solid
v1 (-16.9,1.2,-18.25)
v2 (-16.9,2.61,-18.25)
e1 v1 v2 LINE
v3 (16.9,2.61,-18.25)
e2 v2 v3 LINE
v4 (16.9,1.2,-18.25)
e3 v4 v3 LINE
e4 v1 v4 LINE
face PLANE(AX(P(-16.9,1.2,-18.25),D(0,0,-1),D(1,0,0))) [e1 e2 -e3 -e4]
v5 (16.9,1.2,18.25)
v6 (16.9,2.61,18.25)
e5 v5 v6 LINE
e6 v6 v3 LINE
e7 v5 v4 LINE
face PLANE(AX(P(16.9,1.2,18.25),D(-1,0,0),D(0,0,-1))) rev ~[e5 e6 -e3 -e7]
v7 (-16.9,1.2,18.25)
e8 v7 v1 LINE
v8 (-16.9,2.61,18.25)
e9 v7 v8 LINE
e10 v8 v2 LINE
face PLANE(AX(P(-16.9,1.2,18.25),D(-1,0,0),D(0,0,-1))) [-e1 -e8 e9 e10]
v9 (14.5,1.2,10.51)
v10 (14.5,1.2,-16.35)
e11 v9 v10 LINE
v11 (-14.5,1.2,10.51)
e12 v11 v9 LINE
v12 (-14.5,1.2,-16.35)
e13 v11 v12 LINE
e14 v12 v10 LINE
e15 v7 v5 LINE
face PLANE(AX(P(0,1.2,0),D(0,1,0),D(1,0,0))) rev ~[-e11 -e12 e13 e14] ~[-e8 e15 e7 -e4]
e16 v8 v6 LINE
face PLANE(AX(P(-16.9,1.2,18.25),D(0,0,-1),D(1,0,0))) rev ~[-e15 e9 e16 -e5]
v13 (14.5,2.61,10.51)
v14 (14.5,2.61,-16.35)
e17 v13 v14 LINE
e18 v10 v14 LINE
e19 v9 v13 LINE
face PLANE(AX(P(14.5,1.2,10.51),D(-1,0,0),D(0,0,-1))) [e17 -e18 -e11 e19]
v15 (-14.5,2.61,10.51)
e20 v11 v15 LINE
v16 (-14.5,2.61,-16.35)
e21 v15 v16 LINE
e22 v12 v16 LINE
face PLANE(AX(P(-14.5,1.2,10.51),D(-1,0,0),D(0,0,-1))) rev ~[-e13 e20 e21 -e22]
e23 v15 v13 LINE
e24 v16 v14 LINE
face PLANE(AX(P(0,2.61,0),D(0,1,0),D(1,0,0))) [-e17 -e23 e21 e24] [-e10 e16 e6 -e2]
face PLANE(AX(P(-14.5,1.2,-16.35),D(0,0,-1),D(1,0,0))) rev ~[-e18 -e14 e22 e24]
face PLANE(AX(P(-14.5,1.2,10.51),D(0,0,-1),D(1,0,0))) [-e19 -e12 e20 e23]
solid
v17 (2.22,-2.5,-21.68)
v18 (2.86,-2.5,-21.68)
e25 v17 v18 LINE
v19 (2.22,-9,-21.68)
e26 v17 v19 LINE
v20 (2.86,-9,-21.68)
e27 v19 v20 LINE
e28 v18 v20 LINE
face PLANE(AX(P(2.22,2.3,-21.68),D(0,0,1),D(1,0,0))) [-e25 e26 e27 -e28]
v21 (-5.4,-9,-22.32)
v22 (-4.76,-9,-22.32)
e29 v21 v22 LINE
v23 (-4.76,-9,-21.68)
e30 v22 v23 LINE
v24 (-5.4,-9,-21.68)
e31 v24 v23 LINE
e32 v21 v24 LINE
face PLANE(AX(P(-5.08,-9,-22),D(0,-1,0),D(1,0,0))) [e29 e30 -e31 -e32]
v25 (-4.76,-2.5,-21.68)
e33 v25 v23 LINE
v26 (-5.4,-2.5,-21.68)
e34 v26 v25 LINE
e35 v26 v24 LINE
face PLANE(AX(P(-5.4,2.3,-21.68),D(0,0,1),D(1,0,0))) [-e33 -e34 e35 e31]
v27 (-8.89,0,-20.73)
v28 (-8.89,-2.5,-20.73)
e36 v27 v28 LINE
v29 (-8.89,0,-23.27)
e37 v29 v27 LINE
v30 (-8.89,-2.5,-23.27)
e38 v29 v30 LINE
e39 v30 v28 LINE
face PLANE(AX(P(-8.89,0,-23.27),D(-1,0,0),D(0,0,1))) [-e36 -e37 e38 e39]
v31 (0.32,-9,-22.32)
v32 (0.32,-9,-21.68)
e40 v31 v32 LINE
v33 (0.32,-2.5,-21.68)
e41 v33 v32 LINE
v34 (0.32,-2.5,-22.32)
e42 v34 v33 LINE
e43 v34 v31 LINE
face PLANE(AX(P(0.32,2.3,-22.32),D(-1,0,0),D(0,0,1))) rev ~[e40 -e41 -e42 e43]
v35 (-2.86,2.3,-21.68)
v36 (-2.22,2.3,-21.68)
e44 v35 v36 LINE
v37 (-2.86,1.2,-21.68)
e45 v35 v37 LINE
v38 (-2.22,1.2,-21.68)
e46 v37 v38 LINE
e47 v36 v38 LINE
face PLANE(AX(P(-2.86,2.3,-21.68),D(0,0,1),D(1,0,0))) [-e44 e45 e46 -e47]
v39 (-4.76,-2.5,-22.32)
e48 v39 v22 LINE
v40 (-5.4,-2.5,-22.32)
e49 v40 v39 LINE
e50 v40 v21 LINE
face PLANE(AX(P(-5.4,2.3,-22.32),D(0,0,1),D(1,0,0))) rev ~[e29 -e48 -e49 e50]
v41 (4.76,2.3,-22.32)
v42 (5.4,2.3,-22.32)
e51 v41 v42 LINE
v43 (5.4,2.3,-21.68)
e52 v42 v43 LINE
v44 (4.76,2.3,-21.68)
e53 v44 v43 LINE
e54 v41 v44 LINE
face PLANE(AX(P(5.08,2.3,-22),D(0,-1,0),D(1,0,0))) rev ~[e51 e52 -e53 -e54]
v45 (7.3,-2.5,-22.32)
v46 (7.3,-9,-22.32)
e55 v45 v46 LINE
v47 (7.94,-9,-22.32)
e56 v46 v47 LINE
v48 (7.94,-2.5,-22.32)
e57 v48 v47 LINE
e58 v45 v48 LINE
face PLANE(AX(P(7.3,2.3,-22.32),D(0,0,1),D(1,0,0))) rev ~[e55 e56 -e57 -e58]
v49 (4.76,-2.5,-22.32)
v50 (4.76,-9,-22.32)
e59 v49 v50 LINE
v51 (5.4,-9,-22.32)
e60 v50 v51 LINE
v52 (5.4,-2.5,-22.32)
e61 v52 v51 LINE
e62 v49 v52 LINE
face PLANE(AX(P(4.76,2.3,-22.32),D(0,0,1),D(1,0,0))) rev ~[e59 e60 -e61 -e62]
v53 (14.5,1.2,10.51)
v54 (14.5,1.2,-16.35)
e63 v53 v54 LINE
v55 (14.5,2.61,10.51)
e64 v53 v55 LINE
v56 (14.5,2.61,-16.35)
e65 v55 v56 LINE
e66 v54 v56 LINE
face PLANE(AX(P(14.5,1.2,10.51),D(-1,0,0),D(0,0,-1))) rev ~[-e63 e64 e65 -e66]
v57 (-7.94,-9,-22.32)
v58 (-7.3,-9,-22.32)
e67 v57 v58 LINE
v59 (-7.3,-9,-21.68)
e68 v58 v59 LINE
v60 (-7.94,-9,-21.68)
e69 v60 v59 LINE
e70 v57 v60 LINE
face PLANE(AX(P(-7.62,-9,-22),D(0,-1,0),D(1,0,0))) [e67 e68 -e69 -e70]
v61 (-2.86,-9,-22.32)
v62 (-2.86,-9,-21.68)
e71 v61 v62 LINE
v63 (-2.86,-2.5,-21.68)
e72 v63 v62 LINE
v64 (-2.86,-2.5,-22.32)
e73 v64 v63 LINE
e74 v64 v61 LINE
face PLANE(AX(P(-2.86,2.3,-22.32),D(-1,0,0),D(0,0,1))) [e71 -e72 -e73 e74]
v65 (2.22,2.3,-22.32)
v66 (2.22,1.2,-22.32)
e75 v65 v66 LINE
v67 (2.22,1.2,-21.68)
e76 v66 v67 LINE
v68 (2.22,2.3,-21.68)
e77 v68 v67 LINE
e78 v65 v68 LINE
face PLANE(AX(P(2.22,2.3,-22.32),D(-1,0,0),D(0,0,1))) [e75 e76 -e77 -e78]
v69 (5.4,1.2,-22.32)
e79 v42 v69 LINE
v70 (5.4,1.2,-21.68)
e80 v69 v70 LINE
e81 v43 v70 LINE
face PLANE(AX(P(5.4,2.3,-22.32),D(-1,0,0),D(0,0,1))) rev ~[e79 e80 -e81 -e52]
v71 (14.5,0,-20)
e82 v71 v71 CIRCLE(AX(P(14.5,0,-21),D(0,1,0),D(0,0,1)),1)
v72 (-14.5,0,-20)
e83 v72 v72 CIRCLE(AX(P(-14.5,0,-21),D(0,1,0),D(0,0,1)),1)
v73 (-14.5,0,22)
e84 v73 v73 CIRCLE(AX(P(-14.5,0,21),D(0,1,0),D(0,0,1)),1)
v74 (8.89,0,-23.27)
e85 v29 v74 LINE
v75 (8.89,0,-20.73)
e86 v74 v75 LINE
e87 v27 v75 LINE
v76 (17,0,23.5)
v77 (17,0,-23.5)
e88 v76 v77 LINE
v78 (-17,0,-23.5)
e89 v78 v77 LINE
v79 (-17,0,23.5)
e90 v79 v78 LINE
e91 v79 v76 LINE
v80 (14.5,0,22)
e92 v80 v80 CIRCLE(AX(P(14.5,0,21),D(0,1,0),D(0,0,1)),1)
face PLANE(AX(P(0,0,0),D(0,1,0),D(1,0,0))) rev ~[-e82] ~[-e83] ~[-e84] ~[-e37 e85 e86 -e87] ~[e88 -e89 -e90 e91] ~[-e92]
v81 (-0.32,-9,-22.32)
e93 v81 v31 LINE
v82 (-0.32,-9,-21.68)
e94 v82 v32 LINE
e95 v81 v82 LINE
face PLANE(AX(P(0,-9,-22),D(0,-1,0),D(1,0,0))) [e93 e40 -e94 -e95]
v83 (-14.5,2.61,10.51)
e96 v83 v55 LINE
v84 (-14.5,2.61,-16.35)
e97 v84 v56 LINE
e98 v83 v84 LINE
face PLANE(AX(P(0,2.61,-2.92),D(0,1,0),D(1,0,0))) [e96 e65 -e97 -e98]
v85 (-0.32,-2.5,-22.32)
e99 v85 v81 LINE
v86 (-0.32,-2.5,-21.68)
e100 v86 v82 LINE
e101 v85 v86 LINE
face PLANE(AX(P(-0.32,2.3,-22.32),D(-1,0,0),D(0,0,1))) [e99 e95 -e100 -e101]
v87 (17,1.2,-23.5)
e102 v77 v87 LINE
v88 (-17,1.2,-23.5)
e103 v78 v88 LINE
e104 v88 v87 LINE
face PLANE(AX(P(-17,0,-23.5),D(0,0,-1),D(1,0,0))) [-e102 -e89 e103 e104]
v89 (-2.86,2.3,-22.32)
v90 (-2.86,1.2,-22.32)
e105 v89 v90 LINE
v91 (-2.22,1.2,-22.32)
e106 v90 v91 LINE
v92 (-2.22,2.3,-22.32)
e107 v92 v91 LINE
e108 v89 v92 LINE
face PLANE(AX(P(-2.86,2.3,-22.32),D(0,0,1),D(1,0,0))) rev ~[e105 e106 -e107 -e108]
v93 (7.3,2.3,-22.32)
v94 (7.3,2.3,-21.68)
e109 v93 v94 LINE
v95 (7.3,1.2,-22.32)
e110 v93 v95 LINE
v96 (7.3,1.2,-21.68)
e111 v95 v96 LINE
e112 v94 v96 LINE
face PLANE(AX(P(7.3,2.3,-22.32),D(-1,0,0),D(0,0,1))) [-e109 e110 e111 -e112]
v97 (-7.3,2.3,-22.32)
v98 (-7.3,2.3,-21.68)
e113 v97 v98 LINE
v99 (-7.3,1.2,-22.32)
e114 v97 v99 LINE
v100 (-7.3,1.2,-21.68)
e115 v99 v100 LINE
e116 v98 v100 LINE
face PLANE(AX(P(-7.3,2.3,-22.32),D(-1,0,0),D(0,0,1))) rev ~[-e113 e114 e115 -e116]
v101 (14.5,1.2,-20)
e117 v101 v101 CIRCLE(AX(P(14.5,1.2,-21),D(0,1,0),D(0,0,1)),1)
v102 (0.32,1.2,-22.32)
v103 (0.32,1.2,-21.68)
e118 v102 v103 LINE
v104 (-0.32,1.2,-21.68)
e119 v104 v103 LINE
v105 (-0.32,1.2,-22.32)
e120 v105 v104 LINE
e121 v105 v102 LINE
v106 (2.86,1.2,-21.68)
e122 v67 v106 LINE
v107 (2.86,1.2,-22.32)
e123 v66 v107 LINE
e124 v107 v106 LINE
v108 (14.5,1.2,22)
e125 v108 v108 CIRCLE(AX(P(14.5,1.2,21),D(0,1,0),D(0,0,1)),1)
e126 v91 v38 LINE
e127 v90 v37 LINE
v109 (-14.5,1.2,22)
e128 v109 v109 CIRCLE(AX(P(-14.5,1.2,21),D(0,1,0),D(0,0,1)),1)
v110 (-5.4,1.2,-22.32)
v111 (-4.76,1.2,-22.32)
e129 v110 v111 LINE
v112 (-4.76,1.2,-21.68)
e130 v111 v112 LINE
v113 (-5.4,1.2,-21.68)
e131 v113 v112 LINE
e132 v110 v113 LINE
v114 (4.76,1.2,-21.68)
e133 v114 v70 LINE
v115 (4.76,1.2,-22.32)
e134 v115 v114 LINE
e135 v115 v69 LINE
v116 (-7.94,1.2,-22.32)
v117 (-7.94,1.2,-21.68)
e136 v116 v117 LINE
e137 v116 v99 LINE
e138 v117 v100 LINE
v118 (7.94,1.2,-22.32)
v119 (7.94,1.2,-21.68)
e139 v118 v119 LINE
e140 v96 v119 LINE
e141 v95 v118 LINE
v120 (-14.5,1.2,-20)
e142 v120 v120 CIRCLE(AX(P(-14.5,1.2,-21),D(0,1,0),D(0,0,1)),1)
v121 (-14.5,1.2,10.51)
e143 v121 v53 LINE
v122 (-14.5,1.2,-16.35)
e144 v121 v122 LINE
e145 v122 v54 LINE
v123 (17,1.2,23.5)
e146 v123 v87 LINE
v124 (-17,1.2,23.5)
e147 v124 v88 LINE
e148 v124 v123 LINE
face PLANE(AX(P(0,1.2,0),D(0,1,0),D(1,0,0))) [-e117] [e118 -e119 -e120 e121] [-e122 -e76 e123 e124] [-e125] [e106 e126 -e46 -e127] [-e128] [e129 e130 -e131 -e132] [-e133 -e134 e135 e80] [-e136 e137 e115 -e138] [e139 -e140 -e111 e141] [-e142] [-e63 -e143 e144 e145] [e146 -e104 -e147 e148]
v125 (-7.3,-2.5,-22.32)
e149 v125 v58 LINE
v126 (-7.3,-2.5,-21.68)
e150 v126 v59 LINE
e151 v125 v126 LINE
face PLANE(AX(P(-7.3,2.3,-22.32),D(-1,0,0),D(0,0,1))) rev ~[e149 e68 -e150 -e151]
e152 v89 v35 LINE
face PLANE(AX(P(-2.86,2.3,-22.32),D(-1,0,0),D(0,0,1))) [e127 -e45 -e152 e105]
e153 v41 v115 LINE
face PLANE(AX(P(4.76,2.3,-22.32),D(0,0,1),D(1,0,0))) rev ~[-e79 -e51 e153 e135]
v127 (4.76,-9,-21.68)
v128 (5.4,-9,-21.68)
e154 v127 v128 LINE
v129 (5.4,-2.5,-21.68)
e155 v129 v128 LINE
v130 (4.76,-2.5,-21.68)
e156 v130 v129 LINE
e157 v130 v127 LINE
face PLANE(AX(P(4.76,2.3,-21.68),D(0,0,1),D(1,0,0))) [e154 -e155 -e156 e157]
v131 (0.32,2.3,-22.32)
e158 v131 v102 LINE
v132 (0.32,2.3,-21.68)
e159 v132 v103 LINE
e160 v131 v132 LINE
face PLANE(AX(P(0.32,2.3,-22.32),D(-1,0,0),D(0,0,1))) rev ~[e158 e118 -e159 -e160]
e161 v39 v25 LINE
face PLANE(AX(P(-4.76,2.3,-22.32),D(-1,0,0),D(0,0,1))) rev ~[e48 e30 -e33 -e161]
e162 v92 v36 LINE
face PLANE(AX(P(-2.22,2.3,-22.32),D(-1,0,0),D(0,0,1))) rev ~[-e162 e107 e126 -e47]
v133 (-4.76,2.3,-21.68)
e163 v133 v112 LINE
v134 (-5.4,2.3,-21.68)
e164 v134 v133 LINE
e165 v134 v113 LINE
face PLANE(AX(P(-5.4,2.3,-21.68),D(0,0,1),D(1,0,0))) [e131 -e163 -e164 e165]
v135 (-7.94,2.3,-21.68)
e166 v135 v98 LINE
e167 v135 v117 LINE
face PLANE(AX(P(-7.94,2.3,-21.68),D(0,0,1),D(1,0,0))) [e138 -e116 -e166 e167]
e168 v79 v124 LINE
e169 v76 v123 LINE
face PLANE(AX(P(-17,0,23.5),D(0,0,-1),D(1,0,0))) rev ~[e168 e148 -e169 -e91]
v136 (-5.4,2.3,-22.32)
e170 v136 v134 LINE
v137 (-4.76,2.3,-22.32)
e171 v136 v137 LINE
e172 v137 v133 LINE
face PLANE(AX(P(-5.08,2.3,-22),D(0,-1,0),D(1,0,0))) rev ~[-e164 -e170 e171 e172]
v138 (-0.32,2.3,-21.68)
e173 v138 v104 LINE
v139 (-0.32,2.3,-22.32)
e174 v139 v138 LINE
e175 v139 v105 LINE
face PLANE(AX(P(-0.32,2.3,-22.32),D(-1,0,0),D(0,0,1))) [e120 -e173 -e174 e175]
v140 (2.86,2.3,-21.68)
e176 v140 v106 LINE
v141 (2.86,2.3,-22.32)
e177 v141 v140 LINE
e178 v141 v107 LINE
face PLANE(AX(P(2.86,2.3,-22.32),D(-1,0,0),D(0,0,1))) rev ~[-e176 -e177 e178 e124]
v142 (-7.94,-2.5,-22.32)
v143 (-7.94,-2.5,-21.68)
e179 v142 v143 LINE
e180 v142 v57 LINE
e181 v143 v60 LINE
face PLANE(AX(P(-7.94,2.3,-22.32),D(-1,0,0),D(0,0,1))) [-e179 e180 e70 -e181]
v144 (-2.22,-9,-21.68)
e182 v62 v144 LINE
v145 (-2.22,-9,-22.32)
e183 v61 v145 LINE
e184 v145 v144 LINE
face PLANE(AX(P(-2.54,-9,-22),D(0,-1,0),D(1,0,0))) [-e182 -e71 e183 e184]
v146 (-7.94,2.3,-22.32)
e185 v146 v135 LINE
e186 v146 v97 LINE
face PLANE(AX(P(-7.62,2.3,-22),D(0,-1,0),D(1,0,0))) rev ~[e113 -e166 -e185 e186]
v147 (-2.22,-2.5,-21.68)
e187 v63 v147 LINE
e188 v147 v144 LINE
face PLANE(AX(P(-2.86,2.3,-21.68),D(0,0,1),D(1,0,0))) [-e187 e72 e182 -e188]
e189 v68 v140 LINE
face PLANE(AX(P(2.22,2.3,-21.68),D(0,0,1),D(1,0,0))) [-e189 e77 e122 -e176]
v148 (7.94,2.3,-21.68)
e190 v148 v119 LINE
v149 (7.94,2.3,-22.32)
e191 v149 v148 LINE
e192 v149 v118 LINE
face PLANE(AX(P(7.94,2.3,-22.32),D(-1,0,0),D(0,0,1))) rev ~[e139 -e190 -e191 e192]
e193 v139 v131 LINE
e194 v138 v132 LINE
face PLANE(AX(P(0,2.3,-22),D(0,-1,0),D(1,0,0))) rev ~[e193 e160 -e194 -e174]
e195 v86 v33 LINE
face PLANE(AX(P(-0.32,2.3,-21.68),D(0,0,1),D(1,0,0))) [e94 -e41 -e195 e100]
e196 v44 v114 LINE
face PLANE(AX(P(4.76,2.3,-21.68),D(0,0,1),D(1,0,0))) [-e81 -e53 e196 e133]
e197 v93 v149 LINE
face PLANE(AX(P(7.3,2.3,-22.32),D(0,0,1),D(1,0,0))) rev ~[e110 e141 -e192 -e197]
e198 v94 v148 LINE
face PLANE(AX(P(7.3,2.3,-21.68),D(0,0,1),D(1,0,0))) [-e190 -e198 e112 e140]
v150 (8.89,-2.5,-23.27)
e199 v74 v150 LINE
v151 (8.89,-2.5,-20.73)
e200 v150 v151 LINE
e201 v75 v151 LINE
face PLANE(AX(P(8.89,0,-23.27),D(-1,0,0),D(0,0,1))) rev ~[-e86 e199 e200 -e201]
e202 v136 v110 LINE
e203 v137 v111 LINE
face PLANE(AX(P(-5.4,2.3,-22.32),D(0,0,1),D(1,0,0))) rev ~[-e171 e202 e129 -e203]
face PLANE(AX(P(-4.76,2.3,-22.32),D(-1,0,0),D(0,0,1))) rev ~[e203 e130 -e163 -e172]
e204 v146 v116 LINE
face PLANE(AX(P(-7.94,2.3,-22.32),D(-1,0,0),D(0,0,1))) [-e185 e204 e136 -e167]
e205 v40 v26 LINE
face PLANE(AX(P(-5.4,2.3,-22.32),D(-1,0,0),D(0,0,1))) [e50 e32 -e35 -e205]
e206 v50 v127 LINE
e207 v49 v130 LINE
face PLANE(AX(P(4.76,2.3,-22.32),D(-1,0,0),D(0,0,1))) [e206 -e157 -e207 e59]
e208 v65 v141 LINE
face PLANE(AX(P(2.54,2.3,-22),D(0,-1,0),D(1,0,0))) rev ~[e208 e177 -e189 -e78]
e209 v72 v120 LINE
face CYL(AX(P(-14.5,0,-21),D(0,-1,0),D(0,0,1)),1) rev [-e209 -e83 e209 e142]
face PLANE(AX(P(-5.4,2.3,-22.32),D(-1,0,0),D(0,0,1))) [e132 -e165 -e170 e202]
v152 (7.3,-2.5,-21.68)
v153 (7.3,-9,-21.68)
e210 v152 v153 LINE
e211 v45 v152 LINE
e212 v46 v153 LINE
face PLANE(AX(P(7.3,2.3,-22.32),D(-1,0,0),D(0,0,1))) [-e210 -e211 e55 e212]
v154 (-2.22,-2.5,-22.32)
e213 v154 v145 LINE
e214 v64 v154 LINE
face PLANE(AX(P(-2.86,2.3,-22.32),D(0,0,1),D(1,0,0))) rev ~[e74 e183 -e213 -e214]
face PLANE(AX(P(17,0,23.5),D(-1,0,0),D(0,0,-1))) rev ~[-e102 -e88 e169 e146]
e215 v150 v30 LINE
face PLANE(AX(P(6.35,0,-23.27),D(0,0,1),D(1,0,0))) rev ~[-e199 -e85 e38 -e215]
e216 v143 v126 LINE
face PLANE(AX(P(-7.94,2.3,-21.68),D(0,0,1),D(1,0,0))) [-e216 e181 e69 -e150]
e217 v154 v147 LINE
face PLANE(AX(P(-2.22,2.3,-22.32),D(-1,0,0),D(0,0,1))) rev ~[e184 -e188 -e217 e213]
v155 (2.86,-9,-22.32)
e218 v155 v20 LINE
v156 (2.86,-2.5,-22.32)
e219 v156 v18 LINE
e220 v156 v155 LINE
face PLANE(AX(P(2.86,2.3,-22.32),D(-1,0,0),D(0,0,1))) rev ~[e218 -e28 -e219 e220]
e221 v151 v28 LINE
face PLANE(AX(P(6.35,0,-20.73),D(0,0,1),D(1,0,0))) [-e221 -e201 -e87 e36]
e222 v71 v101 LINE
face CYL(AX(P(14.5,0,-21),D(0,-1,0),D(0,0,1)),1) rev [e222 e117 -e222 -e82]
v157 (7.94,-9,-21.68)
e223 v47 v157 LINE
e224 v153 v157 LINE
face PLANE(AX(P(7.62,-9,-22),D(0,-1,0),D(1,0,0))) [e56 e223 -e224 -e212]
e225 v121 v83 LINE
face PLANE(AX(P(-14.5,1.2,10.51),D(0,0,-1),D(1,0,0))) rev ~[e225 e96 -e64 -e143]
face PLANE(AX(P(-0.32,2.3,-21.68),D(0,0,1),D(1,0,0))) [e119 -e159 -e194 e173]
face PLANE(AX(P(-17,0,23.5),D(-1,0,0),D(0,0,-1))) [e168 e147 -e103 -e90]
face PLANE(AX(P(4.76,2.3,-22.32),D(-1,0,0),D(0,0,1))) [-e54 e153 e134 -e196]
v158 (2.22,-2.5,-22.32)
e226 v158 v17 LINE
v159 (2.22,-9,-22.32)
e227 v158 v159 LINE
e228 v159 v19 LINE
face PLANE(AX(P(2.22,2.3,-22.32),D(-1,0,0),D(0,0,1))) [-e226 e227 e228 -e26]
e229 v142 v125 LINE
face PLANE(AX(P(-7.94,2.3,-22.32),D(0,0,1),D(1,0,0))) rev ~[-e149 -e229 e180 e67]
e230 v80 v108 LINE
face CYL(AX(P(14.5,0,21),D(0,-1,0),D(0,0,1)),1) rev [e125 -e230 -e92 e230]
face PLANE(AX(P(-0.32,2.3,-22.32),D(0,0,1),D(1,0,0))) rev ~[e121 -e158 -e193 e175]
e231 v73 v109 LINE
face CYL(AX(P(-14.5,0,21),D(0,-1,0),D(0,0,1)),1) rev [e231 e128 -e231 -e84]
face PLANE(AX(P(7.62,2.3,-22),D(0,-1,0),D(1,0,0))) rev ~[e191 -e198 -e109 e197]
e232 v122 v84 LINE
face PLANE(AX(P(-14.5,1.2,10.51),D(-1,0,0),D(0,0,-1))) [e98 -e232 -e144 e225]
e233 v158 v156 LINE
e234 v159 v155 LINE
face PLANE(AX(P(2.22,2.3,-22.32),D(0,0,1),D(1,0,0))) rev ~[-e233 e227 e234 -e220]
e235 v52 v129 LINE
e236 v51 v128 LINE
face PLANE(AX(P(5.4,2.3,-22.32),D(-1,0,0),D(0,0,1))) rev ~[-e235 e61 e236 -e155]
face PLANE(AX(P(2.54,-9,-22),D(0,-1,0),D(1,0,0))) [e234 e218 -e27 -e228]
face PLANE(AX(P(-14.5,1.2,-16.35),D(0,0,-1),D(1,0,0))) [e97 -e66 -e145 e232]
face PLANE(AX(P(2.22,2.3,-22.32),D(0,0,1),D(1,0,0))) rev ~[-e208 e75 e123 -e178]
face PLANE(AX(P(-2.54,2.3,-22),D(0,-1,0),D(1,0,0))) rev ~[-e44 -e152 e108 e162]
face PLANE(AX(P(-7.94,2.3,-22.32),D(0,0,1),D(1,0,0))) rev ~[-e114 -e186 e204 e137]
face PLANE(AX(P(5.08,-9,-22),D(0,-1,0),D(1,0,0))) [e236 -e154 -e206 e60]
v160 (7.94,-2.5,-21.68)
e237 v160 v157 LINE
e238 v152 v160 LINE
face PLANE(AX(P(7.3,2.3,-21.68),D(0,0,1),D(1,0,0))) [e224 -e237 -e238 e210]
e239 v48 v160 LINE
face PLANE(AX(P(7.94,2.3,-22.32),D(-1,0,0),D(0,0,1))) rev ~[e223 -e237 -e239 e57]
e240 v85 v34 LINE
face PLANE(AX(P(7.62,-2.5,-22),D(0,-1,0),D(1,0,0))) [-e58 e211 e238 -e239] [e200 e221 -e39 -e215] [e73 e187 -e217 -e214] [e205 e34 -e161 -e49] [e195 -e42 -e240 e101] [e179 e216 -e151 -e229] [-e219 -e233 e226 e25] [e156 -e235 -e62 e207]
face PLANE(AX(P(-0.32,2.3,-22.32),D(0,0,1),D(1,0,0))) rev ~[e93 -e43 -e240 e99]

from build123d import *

# Parameters (mm, degrees)
PCB_2_W                   = 34
PCB_2_H                   = 47
PCB_2_R                   = 1
PCB_DEPTH                 = 1.2
OLED_2_W                  = 29
OLED_2_H                  = 26.86
OLED_DEPTH                = 1.41
OLED_3_2_W                = 29
OLED_3_2_H                = 26.86
OLED_3_DEPTH              = 1.41
SKETCH_2_54_W             = 17.78
SKETCH_2_54_H             = 2.54
SKETCH_2_54_W_2           = 0.64
SKETCH_2_54_H_2           = 0.64
EXTRUDE_2_54_0_DEPTH      = 2.5
EXTRUDE_2_54_1_DEPTH      = 9
EXTRUDE_2_54_1_DEPTH_BACK = 2.3
SKETCH_2_54_3_W           = 0.64
SKETCH_2_54_3_H           = 0.64


with BuildPart() as part:
    # PCB 2 → PCB (new body)
    with BuildSketch(Plane(origin=(0, 0, 0), x_dir=(1, 0, 0), z_dir=(0, 1, 0))):
        Rectangle(PCB_2_W, PCB_2_H)
        with Locations((-14.5, 21)):
            Circle(PCB_2_R, mode=Mode.SUBTRACT)
        with Locations((14.5, 21)):
            Circle(PCB_2_R, mode=Mode.SUBTRACT)
        with Locations((-14.5, -21)):
            Circle(PCB_2_R, mode=Mode.SUBTRACT)
        with Locations((14.5, -21)):
            Circle(PCB_2_R, mode=Mode.SUBTRACT)
    extrude(amount=PCB_DEPTH)

    # OLED 2 → OLED (add)
    with BuildSketch(Plane(origin=(0, 1.2, 0), x_dir=(1, 0, 0), z_dir=(0, 1, 0))):
        with Locations((0, 2.92)):
            Rectangle(OLED_2_W, OLED_2_H)
    extrude(amount=OLED_DEPTH)

    # 2.54针脚草图 → 2.54针脚0 (add)
    with BuildSketch(Plane.XZ):
        with Locations((0, -22)):
            Rectangle(SKETCH_2_54_W, SKETCH_2_54_H)
        with Locations((7.62, -22)):
            Rectangle(SKETCH_2_54_W_2, SKETCH_2_54_H_2, mode=Mode.SUBTRACT)
        with Locations((5.08, -22)):
            Rectangle(SKETCH_2_54_W_2, SKETCH_2_54_H_2, mode=Mode.SUBTRACT)
        with Locations((2.54, -22)):
            Rectangle(SKETCH_2_54_W_2, SKETCH_2_54_H_2, mode=Mode.SUBTRACT)
        with Locations((0, -22)):
            Rectangle(SKETCH_2_54_W_2, SKETCH_2_54_H_2, mode=Mode.SUBTRACT)
        with Locations((-2.54, -22)):
            Rectangle(SKETCH_2_54_W_2, SKETCH_2_54_H_2, mode=Mode.SUBTRACT)
        with Locations((-5.08, -22)):
            Rectangle(SKETCH_2_54_W_2, SKETCH_2_54_H_2, mode=Mode.SUBTRACT)
        with Locations((-7.62, -22)):
            Rectangle(SKETCH_2_54_W_2, SKETCH_2_54_H_2, mode=Mode.SUBTRACT)
    extrude(amount=EXTRUDE_2_54_0_DEPTH)

    # 2.54针脚草图<3> → 2.54针脚1 (add, two sides: drawn at the far end of the back side and taken through both)
    with BuildSketch(Plane.XZ.offset(-EXTRUDE_2_54_1_DEPTH_BACK)):
        with Locations((7.62, -22)):
            Rectangle(SKETCH_2_54_3_W, SKETCH_2_54_3_H)
        with Locations((5.08, -22)):
            Rectangle(SKETCH_2_54_3_W, SKETCH_2_54_3_H)
        with Locations((2.54, -22)):
            Rectangle(SKETCH_2_54_3_W, SKETCH_2_54_3_H)
        with Locations((0, -22)):
            Rectangle(SKETCH_2_54_3_W, SKETCH_2_54_3_H)
        with Locations((-2.54, -22)):
            Rectangle(SKETCH_2_54_3_W, SKETCH_2_54_3_H)
        with Locations((-5.08, -22)):
            Rectangle(SKETCH_2_54_3_W, SKETCH_2_54_3_H)
        with Locations((-7.62, -22)):
            Rectangle(SKETCH_2_54_3_W, SKETCH_2_54_3_H)
    extrude(amount=EXTRUDE_2_54_1_DEPTH + EXTRUDE_2_54_1_DEPTH_BACK)


with BuildPart() as body_2:
    # OLED_3 2 → OLED 3 (new body)
    with BuildSketch(Plane(origin=(0, 1.2, 0), x_dir=(1, 0, 0), z_dir=(0, 1, 0))):
        Polygon((16.9, 18.25), (-16.9, 18.25), (-16.9, 0), (-16.9, -18.25), (16.9, -18.25), align=None)
        with Locations((0, 2.92)):
            Rectangle(OLED_3_2_W, OLED_3_2_H, mode=Mode.SUBTRACT)
    extrude(amount=OLED_3_DEPTH)


solid = Compound([part.part, body_2.part])
